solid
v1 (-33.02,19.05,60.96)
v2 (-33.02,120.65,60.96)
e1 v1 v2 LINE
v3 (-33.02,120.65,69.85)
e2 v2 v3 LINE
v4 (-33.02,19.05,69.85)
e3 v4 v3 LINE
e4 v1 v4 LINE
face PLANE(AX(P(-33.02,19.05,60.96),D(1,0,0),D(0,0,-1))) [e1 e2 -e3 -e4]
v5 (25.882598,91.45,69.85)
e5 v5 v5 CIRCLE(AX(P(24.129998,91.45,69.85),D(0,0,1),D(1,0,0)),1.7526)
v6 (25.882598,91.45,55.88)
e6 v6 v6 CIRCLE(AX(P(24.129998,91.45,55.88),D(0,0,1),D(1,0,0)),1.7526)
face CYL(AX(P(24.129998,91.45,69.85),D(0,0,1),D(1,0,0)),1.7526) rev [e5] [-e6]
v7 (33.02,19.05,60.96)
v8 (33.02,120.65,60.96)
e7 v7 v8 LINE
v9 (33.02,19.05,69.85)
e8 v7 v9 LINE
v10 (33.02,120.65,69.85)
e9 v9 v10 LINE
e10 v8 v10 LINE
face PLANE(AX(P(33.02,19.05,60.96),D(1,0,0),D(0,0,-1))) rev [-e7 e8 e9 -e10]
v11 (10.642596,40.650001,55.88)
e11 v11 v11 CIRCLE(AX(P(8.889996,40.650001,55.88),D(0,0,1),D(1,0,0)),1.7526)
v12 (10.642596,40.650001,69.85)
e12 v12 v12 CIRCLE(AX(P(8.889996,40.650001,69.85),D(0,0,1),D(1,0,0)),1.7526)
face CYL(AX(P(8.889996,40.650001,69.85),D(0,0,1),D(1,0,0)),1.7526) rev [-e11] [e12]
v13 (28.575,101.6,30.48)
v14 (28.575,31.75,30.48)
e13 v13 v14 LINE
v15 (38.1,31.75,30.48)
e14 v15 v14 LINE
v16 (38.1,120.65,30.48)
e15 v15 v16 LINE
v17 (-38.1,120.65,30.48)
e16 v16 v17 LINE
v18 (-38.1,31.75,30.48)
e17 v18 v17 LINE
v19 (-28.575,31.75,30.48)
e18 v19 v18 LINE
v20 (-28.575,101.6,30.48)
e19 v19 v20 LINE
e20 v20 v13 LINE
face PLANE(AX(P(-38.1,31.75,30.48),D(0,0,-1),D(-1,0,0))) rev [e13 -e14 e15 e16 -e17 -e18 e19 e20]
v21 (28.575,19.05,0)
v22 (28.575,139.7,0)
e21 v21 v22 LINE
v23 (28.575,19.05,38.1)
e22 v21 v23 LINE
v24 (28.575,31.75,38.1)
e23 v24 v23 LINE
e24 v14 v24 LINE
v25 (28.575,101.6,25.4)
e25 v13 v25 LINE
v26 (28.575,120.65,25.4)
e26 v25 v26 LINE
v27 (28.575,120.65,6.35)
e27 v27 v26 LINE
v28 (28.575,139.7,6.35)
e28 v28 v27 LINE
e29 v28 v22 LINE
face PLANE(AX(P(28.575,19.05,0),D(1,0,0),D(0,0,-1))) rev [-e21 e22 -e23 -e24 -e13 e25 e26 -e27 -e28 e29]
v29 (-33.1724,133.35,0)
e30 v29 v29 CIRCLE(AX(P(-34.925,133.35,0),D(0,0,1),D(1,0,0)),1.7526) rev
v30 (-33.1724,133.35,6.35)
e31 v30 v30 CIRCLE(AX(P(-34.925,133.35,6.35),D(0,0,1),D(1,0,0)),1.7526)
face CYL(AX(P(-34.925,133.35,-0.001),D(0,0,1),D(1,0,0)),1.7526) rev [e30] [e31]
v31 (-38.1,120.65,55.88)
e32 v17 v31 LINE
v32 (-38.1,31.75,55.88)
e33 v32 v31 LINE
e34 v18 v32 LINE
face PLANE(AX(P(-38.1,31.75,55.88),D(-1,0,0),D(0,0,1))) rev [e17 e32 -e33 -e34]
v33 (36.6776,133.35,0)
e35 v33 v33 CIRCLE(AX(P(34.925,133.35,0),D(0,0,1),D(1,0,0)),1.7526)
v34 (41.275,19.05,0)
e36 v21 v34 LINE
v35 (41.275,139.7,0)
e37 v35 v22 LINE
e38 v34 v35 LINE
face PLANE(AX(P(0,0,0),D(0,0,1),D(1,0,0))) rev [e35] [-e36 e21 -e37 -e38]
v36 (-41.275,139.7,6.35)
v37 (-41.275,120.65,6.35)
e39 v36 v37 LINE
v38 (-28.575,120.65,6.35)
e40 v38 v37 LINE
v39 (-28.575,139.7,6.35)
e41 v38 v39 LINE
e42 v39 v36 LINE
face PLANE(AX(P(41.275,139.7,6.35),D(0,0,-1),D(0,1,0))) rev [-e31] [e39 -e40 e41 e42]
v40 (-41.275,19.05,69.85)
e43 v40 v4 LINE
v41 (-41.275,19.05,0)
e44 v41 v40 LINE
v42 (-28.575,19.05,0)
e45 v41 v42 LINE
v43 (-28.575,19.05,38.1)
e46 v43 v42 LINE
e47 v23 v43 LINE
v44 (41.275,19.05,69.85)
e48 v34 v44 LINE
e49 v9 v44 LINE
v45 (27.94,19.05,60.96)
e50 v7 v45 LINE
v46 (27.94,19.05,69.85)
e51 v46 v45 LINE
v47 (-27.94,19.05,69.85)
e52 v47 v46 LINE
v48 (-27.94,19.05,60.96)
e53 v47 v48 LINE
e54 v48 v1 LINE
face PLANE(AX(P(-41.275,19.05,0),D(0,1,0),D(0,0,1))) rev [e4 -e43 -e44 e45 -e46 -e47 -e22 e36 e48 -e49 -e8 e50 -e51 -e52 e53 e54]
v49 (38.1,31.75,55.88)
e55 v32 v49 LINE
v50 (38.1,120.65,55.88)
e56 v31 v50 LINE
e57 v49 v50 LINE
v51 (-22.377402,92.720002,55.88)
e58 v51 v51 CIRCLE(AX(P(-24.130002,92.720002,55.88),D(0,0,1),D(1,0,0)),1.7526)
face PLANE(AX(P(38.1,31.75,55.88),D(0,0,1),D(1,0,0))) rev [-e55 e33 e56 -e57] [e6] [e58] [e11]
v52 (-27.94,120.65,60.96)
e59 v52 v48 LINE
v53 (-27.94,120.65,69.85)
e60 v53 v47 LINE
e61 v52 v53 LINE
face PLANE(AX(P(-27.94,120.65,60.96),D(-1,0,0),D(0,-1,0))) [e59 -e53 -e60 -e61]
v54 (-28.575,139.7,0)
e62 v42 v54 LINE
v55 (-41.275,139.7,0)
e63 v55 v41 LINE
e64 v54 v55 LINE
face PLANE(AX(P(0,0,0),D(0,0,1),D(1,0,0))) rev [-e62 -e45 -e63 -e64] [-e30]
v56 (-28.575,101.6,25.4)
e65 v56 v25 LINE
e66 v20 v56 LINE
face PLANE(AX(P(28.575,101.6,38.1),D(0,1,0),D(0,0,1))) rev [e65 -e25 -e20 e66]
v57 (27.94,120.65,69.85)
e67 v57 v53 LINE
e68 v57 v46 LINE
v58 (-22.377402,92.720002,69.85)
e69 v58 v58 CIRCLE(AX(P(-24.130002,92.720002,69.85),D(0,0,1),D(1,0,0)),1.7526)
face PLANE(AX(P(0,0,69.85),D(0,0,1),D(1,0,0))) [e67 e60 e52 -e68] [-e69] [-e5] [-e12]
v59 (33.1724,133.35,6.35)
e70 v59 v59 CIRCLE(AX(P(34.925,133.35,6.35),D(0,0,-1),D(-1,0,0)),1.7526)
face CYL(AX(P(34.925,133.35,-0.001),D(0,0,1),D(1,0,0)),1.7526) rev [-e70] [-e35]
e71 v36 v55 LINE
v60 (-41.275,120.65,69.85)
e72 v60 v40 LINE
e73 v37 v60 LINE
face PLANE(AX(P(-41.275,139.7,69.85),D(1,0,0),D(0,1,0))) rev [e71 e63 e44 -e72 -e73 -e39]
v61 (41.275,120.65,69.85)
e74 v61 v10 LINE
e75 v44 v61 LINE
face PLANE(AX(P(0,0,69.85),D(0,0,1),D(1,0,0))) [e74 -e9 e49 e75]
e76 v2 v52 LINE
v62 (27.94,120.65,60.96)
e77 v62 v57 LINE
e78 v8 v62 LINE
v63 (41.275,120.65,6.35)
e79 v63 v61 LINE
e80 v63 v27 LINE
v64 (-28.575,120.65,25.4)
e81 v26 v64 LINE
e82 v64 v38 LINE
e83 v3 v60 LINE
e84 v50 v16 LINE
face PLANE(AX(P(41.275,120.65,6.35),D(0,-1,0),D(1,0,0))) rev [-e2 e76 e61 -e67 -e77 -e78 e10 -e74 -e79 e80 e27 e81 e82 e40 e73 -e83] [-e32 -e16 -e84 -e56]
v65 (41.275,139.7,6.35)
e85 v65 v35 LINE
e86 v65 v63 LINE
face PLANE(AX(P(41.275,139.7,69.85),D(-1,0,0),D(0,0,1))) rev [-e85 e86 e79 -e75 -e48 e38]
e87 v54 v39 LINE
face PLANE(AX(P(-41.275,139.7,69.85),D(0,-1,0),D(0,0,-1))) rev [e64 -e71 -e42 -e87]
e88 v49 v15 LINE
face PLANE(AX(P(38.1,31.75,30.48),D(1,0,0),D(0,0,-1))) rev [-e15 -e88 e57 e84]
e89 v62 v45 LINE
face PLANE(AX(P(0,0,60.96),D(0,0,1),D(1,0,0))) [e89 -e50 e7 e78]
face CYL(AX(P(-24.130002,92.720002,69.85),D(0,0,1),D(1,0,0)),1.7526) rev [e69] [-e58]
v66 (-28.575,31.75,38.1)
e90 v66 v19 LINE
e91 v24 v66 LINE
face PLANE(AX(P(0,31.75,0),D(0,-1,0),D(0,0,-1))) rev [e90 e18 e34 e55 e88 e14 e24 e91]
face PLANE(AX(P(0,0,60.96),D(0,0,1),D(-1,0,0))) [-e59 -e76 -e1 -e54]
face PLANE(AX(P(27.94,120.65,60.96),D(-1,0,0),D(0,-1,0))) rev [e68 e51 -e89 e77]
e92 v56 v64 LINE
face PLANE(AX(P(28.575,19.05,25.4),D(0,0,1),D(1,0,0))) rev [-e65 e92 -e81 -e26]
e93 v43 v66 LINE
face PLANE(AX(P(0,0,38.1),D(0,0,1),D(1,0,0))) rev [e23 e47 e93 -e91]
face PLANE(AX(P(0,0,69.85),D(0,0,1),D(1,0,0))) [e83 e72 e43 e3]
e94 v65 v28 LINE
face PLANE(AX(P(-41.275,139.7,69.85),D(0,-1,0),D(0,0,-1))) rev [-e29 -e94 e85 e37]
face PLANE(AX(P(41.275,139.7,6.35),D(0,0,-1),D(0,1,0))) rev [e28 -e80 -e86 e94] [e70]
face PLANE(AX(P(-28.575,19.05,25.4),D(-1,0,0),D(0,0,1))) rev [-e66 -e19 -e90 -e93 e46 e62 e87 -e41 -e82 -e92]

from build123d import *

# Parameters (mm, degrees)
SKETCH1_W                       = 82.55
SKETCH1_H                       = 120.65
BOSS_EXTRUDE1_DEPTH             = 69.85
SKETCH2_W                       = 76.2
SKETCH2_H                       = 25.4
CUT_EXTRUDE1_DEPTH              = 107.95
SKETCH3_W                       = 5.08
SKETCH3_H                       = 101.6
CUT_EXTRUDE2_DEPTH              = 8.89
SKETCH4_W                       = 63.5
SKETCH4_H                       = 19.05
CUT_EXTRUDE3_DEPTH              = 83.55
SKETCH5_W                       = 57.15
SKETCH5_H                       = 25.4
CUT_EXTRUDE4_DEPTH              = 121.65
F_40_0_138_DIAMETER_HOLE1_D     = 3.5052
F_40_0_138_DIAMETER_HOLE1_DEPTH = 13.97
BOSS_EXTRUDE2_DEPTH             = 6.35
SKETCH15_W                      = 57.15
SKETCH15_H                      = 88.9
CUT_EXTRUDE5_DEPTH              = 12.7
SKETCH16_W                      = 69.85
SKETCH16_H                      = 6.35
CUT_EXTRUDE6_DEPTH              = 83.55
SKETCH17_R                      = 1.7526
CUT_EXTRUDE7_DEPTH              = 6.35


with BuildPart() as part:
    # Sketch1 → Boss-Extrude1 (new body)
    with BuildSketch(Plane.XY):
        with Locations((0, 79.375)):
            Rectangle(SKETCH1_W, SKETCH1_H)
    extrude(amount=BOSS_EXTRUDE1_DEPTH)

    # Sketch2 → Cut-Extrude1 (cut)
    with BuildSketch(Plane(origin=(0, 139.7, 0), x_dir=(1, 0, 0), z_dir=(0, 1, 0))):
        with Locations((0, -43.18)):
            Rectangle(SKETCH2_W, SKETCH2_H)
    extrude(amount=-CUT_EXTRUDE1_DEPTH, mode=Mode.SUBTRACT)

    # Sketch3 → Cut-Extrude2 (cut)
    with BuildSketch(Plane.XY.offset(69.85)):
        with Locations((30.48, 69.85)):
            Rectangle(SKETCH3_W, SKETCH3_H)
    cut_extrude2 = extrude(amount=-CUT_EXTRUDE2_DEPTH, mode=Mode.SUBTRACT)

    # Mirror1: Cut-Extrude2 across plane
    add(cut_extrude2.mirror(Plane(origin=(0, 0, 0), x_dir=(0, 0, 1), z_dir=(1, 0, 0))), mode=Mode.SUBTRACT)

    # Sketch4 → Cut-Extrude3 (cut, through all)
    with BuildSketch(Plane.ZY.offset(41.275)):
        with Locations((38.1, 130.175)):
            Rectangle(SKETCH4_W, SKETCH4_H)
    extrude(amount=-CUT_EXTRUDE3_DEPTH, mode=Mode.SUBTRACT)

    # Sketch5 → Cut-Extrude4 (cut, through all)
    with BuildSketch(Plane(origin=(0, 139.7, 0), x_dir=(1, 0, 0), z_dir=(0, 1, 0))):
        with Locations((0, -12.7)):
            Rectangle(SKETCH5_W, SKETCH5_H)
    extrude(amount=-CUT_EXTRUDE4_DEPTH, mode=Mode.SUBTRACT)

    # #40 (0.138) Diameter Hole1
    with Locations(Plane.XY.offset(69.85)):
        with Locations((-24.130002345, 92.720002179), (24.129997606, 91.450000321), (8.889995651, 40.650000908)):
            Hole(F_40_0_138_DIAMETER_HOLE1_D / 2, depth=F_40_0_138_DIAMETER_HOLE1_DEPTH)

    # Sketch14 → Boss-Extrude2 (add)
    with BuildSketch(Plane.XZ.offset(-19.05)):
        Polygon((-41.275, 69.85), (-33.02, 69.85), (-33.02, 60.96), (-27.94, 60.96), (-27.94, 69.85), (27.94, 69.85), (27.94, 60.96), (33.02, 60.96), (33.02, 69.85), (41.275, 69.85), (41.275, 0), (28.575, 0), (28.575, 25.4), (-28.575, 25.4), (-28.575, 0), (-41.275, 0), align=None)
    extrude(amount=BOSS_EXTRUDE2_DEPTH)

    # Sketch15 → Cut-Extrude5 (cut)
    with BuildSketch(Plane(origin=(0, 0, 25.4), x_dir=(-1, 0, 0), z_dir=(0, 0, -1))):
        with Locations((0, 57.15)):
            Rectangle(SKETCH15_W, SKETCH15_H)
    extrude(amount=-CUT_EXTRUDE5_DEPTH, mode=Mode.SUBTRACT)

    # Sketch16 → Cut-Extrude6 (cut, through all)
    with BuildSketch(Plane(origin=(41.275, 0, 0), x_dir=(0, 0, -1), z_dir=(1, 0, 0))):
        with Locations((-34.925, 15.875)):
            Rectangle(SKETCH16_W, SKETCH16_H)
    extrude(amount=-CUT_EXTRUDE6_DEPTH, mode=Mode.SUBTRACT)

    # Sketch17 → Cut-Extrude7 (cut)
    with BuildSketch(Plane.XY.offset(6.35)):
        with Locations((-34.925, 133.35)):
            Circle(SKETCH17_R)
    cut_extrude7 = extrude(amount=-CUT_EXTRUDE7_DEPTH, mode=Mode.SUBTRACT)

    # Mirror2: Cut-Extrude7 across plane
    add(cut_extrude7.mirror(Plane(origin=(0, 0, 0), x_dir=(0, 0, 1), z_dir=(1, 0, 0))), mode=Mode.SUBTRACT)


solid = part.part
